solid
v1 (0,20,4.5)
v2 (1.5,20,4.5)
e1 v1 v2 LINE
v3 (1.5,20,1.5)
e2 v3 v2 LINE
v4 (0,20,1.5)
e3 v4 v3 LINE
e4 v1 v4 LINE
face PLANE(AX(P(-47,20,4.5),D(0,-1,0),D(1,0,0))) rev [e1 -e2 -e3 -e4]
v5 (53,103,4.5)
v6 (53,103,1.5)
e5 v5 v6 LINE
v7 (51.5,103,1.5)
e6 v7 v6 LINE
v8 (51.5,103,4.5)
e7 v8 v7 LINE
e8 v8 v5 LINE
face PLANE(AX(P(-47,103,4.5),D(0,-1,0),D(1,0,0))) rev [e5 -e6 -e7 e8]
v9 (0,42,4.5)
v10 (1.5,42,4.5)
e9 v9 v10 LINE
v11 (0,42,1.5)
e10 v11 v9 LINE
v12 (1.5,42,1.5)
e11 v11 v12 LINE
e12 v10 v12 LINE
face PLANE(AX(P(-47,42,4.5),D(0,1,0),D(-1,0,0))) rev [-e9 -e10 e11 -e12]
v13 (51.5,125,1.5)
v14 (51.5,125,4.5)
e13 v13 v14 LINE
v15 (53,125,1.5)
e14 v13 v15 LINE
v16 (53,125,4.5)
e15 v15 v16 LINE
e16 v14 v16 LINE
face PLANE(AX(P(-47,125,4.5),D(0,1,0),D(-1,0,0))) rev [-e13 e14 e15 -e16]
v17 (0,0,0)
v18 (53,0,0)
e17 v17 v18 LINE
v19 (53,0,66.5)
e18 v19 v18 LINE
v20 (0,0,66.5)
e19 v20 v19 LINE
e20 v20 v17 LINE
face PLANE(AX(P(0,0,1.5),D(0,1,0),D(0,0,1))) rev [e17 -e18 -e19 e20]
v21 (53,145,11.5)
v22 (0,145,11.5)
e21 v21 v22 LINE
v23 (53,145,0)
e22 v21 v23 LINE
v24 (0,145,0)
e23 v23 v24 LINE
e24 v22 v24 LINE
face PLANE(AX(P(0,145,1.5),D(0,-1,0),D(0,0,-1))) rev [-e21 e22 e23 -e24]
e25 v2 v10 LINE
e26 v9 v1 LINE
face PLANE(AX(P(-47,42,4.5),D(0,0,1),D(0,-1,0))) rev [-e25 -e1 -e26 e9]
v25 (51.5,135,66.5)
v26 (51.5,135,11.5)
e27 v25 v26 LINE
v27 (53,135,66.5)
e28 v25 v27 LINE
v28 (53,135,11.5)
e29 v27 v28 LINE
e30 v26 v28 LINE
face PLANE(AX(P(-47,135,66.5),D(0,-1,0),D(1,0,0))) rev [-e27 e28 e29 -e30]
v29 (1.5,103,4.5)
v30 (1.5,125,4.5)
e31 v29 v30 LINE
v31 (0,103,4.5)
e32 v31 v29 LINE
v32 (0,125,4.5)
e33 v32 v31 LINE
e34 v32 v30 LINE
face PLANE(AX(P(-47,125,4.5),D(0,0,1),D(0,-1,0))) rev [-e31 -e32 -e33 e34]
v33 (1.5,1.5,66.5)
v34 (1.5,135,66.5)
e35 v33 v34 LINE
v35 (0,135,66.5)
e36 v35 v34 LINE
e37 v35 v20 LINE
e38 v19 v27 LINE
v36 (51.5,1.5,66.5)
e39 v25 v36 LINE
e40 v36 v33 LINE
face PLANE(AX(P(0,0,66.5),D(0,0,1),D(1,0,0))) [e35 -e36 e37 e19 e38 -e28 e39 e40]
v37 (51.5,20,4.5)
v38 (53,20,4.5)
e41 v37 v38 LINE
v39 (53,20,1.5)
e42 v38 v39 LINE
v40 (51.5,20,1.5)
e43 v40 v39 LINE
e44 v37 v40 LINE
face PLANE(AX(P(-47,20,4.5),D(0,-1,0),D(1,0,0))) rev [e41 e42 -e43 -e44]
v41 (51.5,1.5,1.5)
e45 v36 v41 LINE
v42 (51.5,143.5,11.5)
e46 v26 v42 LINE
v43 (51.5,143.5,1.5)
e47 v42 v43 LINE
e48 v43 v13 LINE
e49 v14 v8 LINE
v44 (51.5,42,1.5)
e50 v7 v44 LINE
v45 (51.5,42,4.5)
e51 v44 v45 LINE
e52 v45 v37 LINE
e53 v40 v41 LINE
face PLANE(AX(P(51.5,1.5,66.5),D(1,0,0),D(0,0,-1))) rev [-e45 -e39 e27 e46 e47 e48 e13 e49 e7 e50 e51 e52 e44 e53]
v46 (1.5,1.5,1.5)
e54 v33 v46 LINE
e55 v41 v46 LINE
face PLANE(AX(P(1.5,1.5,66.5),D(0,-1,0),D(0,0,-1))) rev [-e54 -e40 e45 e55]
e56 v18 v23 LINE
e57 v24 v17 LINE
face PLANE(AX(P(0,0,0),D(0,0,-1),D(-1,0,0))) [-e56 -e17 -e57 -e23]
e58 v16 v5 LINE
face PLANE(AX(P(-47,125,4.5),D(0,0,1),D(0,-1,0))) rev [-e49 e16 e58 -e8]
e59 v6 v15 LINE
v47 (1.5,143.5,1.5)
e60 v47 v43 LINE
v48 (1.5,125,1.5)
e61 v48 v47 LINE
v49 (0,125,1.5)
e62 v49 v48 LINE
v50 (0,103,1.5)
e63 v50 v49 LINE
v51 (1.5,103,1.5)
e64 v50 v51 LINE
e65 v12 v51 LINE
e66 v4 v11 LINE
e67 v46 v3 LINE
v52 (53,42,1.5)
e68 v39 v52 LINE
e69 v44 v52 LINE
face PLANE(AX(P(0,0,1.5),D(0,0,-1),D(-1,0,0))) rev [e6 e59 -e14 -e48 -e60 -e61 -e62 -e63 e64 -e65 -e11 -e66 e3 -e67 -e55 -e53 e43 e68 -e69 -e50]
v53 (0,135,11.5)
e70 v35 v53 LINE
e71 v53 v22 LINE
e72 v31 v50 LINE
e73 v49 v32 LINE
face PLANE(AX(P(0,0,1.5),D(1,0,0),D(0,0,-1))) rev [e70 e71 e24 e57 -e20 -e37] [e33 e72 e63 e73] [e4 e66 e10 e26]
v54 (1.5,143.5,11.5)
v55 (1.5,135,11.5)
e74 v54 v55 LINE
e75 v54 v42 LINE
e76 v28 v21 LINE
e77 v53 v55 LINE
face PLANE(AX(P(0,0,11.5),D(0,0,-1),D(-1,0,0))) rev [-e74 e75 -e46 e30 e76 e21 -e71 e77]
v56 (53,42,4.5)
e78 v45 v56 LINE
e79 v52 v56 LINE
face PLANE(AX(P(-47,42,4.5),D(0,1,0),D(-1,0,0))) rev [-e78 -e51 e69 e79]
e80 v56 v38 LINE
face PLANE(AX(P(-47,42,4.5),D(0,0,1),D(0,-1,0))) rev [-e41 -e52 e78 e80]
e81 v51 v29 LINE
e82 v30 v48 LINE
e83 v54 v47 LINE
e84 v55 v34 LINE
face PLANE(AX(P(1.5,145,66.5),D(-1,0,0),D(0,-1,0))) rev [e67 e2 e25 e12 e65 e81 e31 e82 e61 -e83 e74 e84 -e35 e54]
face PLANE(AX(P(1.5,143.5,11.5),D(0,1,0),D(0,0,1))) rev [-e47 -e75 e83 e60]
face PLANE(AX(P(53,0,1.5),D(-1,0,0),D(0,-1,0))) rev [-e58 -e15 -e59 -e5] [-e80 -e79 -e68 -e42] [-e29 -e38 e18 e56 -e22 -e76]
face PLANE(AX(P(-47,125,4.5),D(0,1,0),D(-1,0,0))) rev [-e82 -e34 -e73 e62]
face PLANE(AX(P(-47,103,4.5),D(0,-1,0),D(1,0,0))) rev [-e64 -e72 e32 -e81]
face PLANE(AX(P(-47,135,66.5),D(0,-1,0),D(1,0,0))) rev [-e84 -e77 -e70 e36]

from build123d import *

# Parameters (mm, degrees)
SKETCH_1_W          = 53
SKETCH_1_H          = 145
EXTRUDE_1_DEPTH     = 1.5
EXTRUDE_2_DEPTH     = 65
SKETCH_3_W          = 50
SKETCH_3_H          = 1.5
EXTRUDE_3_DEPTH     = 10
SKETCH_4_W          = 3
SKETCH_4_H          = 22
CUT_EXTRUDE_1_DEPTH = 100
SKETCH_5_W          = 55
SKETCH_5_H          = 10
CUT_EXTRUDE_2_DEPTH = 100


with BuildPart() as part:
    # Эскиз1 → Бобышка-Вытянуть1 (new body)
    with BuildSketch(Plane.XY):
        with Locations((26.5, 72.5)):
            Rectangle(SKETCH_1_W, SKETCH_1_H)
    extrude(amount=EXTRUDE_1_DEPTH)

    # Эскиз2 → Бобышка-Вытянуть2 (add)
    with BuildSketch(Plane.XY.offset(1.5)):
        Polygon((1.5, 145), (1.5, 1.5), (51.5, 1.5), (51.5, 145), (53, 145), (53, 0), (0, 0), (0, 145), align=None)
    extrude(amount=EXTRUDE_2_DEPTH)

    # Эскиз3 → Бобышка-Вытянуть3 (add)
    with BuildSketch(Plane.XY.offset(1.5)):
        with Locations((26.5, 144.25)):
            Rectangle(SKETCH_3_W, SKETCH_3_H)
    extrude(amount=EXTRUDE_3_DEPTH)

    # Эскиз4 → Вырез-Вытянуть1 (cut)
    with BuildSketch(Plane(origin=(53, 0, 0), x_dir=(0, 0, -1), z_dir=(1, 0, 0))):
        with Locations((-3, 114)):
            Rectangle(SKETCH_4_W, SKETCH_4_H)
        with Locations((-3, 31)):
            Rectangle(SKETCH_4_W, SKETCH_4_H)
    extrude(amount=-CUT_EXTRUDE_1_DEPTH, mode=Mode.SUBTRACT)

    # Эскиз5 → Вырез-Вытянуть2 (cut)
    with BuildSketch(Plane(origin=(53, 0, 0), x_dir=(0, 0, -1), z_dir=(1, 0, 0))):
        with Locations((-39, 140)):
            Rectangle(SKETCH_5_W, SKETCH_5_H)
    extrude(amount=-CUT_EXTRUDE_2_DEPTH, mode=Mode.SUBTRACT)


solid = part.part
